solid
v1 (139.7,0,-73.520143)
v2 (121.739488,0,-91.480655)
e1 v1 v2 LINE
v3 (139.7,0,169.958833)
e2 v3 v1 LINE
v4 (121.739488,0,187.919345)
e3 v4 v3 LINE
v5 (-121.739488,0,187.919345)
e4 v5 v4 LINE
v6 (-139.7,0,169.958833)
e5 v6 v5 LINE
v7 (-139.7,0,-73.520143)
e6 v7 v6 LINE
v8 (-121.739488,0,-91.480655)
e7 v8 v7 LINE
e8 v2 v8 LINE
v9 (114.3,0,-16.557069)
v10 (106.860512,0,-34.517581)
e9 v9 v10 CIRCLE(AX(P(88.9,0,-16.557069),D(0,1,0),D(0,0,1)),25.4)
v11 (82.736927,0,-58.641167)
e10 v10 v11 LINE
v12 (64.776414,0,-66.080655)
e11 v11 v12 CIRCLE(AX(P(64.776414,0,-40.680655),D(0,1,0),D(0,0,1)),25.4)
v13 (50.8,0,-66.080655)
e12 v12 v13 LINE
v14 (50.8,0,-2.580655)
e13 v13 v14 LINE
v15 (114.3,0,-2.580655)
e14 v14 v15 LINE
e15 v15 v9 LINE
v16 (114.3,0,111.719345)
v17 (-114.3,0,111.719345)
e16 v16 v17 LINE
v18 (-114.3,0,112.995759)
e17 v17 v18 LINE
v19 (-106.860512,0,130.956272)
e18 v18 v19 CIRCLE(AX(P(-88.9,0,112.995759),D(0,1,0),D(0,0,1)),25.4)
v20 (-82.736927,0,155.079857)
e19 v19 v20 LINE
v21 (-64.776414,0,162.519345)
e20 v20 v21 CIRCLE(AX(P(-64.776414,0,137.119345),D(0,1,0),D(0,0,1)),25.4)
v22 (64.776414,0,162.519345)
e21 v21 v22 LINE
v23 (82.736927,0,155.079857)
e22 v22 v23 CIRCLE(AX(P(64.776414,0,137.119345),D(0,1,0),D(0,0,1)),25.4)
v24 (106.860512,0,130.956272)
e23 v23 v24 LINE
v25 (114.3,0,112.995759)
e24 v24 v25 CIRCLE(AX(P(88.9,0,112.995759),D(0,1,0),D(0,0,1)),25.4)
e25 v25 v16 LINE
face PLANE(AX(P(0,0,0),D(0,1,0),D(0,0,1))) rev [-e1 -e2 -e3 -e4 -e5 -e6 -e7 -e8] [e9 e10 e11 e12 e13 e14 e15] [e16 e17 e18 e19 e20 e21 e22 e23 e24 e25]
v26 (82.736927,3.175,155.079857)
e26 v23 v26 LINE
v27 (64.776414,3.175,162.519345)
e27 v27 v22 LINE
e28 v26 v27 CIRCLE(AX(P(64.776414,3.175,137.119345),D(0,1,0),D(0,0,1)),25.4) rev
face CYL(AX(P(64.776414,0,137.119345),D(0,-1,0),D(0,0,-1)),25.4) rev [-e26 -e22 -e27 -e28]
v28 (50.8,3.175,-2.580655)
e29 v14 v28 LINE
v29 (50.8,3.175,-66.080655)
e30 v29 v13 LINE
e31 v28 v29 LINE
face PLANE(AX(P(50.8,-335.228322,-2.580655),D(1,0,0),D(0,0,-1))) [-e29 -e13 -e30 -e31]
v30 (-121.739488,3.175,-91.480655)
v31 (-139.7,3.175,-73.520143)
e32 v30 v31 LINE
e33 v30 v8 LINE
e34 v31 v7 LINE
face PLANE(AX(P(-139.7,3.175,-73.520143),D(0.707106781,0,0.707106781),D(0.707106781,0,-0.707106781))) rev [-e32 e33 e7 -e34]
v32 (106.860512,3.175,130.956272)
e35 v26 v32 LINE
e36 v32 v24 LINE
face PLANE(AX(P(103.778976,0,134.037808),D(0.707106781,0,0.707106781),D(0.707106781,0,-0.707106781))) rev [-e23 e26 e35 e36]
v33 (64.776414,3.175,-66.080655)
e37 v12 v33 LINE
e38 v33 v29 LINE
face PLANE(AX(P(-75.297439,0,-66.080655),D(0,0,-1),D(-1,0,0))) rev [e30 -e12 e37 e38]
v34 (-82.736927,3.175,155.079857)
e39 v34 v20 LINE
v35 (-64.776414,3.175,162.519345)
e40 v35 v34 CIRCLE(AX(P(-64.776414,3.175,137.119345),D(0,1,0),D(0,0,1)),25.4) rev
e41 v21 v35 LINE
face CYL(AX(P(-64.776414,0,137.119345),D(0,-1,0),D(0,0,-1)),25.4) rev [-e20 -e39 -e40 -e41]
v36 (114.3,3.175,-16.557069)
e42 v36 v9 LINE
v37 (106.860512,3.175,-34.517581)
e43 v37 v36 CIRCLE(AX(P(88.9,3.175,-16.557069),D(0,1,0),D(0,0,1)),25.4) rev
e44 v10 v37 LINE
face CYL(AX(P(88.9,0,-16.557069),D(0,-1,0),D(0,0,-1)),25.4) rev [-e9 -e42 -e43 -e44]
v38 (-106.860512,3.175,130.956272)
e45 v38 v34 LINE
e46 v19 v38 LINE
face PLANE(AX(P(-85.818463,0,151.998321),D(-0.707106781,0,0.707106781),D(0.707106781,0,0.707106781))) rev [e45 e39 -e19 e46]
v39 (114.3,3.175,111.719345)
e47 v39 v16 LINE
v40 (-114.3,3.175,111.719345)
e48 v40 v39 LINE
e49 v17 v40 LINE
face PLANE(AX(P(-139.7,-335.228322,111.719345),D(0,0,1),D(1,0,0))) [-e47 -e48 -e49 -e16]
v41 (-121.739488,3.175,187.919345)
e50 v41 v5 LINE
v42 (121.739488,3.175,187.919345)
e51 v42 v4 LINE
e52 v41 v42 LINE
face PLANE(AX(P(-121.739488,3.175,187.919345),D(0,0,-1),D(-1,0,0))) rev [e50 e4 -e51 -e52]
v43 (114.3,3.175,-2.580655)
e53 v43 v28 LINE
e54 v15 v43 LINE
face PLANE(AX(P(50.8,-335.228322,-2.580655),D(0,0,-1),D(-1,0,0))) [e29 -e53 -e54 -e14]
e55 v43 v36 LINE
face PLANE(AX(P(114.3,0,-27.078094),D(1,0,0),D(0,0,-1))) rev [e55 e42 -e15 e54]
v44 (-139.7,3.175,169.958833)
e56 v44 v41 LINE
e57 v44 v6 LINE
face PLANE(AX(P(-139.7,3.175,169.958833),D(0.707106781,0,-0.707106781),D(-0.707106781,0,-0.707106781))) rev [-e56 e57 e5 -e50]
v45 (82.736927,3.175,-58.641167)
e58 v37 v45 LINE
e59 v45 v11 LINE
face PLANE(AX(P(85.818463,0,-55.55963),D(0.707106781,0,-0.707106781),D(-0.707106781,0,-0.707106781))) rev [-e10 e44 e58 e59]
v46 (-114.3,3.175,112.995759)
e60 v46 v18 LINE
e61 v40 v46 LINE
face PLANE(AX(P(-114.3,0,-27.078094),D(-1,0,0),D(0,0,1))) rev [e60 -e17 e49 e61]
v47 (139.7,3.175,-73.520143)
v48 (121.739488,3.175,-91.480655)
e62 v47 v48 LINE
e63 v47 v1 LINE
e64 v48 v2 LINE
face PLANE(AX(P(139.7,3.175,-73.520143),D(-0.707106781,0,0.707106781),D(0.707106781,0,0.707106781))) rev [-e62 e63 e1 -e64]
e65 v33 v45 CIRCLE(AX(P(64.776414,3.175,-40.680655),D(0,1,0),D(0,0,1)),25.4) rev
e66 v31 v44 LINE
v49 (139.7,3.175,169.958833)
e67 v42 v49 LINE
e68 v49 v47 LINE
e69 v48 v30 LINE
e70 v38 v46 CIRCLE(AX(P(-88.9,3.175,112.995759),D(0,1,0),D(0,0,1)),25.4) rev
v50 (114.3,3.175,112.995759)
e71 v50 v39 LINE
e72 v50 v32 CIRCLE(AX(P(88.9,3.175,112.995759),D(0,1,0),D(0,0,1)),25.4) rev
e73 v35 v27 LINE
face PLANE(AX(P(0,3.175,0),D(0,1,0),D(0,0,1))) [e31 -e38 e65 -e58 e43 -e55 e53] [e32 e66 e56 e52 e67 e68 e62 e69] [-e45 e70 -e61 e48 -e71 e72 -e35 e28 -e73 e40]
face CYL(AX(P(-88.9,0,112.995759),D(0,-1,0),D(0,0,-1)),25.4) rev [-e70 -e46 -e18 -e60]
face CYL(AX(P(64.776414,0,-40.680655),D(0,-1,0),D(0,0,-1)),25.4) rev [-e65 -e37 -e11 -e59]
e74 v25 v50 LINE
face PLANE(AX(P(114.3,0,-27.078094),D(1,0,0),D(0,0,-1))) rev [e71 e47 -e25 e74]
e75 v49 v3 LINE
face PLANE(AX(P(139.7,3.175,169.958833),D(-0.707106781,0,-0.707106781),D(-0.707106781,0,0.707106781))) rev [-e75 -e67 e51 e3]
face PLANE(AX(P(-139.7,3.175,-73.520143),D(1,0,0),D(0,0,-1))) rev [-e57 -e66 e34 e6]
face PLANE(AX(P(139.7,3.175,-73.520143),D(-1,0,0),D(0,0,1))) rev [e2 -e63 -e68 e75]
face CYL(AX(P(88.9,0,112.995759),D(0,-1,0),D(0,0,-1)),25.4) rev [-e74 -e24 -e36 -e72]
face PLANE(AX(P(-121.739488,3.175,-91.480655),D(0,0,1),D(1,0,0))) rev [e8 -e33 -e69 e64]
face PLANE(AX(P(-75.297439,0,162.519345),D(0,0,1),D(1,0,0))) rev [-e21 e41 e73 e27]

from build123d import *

# Parameters (mm, degrees)
BOSS_EXTRUDE1_DEPTH = 3.175
CUT_EXTRUDE4_DEPTH  = 235.179100055
FILLET1_R           = 25.4
BOSS_EXTRUDE2_DEPTH = 3.175


with BuildPart() as part:
    # Sketch1 → Boss-Extrude1 (new body)
    with BuildSketch(Plane(origin=(0, 0, 0), x_dir=(1, 0, 0), z_dir=(0, 1, 0))):
        Polygon((-139.7, 73.520142619), (-121.739487758, 91.480654861), (121.739487758, 91.480654861), (139.7, 73.520142619), (139.7, -169.958832897), (121.739487758, -187.919345139), (-121.739487758, -187.919345139), (-139.7, -169.958832897), align=None)
    extrude(amount=BOSS_EXTRUDE1_DEPTH)

    # Sketch2 → Cut-Extrude4 (cut, through all)
    with BuildSketch(Plane(origin=(0, 3.175, 0), x_dir=(1, 0, 0), z_dir=(0, 1, 0))):
        Polygon((-103.778975516, 37.599118134), (-114.3, 27.07809365), (-114.3, -123.516783928), (-103.778975516, -134.037808413), (-85.818463274, -151.998320655), (-75.297438789, -162.519345139), (75.297438789, -162.519345139), (85.818463274, -151.998320655), (103.778975516, -134.037808413), (114.3, -123.516783928), (114.3, 27.07809365), (103.778975516, 37.599118134), (85.818463274, 55.559630377), (75.297438789, 66.080654861), (-75.297438789, 66.080654861), (-85.818463274, 55.559630377), align=None)
    extrude(amount=-CUT_EXTRUDE4_DEPTH, mode=Mode.SUBTRACT)

    # Fillet1
    fillet1_edges = [part.edges().sort_by_distance(p)[0] for p in [
        (-75.297438789, 1.5875, -66.080654861),
        (75.297438789, 1.5875, -66.080654861),
        (114.3, 1.5875, -27.07809365),
        (114.3, 1.5875, 123.516783928),
        (75.297438789, 1.5875, 162.519345139),
        (-75.297438789, 1.5875, 162.519345139),
        (-114.3, 1.5875, 123.516783928),
        (-114.3, 1.5875, -27.07809365),
    ]]
    fillet(fillet1_edges, radius=FILLET1_R)

    # Sketch6 → Boss-Extrude2 (add)
    with BuildSketch(Plane(origin=(0, 3.175, 0), x_dir=(1, 0, 0), z_dir=(0, 1, 0))):
        Polygon((50.8, 2.580654861), (139.7, 2.580654861), (139.7, -111.719345139), (-139.7, -111.719345139), (-139.7, 2.580654861), (-139.7, 73.520142619), (50.8, 73.520142619), align=None)
    extrude(amount=-BOSS_EXTRUDE2_DEPTH)


solid = part.part
